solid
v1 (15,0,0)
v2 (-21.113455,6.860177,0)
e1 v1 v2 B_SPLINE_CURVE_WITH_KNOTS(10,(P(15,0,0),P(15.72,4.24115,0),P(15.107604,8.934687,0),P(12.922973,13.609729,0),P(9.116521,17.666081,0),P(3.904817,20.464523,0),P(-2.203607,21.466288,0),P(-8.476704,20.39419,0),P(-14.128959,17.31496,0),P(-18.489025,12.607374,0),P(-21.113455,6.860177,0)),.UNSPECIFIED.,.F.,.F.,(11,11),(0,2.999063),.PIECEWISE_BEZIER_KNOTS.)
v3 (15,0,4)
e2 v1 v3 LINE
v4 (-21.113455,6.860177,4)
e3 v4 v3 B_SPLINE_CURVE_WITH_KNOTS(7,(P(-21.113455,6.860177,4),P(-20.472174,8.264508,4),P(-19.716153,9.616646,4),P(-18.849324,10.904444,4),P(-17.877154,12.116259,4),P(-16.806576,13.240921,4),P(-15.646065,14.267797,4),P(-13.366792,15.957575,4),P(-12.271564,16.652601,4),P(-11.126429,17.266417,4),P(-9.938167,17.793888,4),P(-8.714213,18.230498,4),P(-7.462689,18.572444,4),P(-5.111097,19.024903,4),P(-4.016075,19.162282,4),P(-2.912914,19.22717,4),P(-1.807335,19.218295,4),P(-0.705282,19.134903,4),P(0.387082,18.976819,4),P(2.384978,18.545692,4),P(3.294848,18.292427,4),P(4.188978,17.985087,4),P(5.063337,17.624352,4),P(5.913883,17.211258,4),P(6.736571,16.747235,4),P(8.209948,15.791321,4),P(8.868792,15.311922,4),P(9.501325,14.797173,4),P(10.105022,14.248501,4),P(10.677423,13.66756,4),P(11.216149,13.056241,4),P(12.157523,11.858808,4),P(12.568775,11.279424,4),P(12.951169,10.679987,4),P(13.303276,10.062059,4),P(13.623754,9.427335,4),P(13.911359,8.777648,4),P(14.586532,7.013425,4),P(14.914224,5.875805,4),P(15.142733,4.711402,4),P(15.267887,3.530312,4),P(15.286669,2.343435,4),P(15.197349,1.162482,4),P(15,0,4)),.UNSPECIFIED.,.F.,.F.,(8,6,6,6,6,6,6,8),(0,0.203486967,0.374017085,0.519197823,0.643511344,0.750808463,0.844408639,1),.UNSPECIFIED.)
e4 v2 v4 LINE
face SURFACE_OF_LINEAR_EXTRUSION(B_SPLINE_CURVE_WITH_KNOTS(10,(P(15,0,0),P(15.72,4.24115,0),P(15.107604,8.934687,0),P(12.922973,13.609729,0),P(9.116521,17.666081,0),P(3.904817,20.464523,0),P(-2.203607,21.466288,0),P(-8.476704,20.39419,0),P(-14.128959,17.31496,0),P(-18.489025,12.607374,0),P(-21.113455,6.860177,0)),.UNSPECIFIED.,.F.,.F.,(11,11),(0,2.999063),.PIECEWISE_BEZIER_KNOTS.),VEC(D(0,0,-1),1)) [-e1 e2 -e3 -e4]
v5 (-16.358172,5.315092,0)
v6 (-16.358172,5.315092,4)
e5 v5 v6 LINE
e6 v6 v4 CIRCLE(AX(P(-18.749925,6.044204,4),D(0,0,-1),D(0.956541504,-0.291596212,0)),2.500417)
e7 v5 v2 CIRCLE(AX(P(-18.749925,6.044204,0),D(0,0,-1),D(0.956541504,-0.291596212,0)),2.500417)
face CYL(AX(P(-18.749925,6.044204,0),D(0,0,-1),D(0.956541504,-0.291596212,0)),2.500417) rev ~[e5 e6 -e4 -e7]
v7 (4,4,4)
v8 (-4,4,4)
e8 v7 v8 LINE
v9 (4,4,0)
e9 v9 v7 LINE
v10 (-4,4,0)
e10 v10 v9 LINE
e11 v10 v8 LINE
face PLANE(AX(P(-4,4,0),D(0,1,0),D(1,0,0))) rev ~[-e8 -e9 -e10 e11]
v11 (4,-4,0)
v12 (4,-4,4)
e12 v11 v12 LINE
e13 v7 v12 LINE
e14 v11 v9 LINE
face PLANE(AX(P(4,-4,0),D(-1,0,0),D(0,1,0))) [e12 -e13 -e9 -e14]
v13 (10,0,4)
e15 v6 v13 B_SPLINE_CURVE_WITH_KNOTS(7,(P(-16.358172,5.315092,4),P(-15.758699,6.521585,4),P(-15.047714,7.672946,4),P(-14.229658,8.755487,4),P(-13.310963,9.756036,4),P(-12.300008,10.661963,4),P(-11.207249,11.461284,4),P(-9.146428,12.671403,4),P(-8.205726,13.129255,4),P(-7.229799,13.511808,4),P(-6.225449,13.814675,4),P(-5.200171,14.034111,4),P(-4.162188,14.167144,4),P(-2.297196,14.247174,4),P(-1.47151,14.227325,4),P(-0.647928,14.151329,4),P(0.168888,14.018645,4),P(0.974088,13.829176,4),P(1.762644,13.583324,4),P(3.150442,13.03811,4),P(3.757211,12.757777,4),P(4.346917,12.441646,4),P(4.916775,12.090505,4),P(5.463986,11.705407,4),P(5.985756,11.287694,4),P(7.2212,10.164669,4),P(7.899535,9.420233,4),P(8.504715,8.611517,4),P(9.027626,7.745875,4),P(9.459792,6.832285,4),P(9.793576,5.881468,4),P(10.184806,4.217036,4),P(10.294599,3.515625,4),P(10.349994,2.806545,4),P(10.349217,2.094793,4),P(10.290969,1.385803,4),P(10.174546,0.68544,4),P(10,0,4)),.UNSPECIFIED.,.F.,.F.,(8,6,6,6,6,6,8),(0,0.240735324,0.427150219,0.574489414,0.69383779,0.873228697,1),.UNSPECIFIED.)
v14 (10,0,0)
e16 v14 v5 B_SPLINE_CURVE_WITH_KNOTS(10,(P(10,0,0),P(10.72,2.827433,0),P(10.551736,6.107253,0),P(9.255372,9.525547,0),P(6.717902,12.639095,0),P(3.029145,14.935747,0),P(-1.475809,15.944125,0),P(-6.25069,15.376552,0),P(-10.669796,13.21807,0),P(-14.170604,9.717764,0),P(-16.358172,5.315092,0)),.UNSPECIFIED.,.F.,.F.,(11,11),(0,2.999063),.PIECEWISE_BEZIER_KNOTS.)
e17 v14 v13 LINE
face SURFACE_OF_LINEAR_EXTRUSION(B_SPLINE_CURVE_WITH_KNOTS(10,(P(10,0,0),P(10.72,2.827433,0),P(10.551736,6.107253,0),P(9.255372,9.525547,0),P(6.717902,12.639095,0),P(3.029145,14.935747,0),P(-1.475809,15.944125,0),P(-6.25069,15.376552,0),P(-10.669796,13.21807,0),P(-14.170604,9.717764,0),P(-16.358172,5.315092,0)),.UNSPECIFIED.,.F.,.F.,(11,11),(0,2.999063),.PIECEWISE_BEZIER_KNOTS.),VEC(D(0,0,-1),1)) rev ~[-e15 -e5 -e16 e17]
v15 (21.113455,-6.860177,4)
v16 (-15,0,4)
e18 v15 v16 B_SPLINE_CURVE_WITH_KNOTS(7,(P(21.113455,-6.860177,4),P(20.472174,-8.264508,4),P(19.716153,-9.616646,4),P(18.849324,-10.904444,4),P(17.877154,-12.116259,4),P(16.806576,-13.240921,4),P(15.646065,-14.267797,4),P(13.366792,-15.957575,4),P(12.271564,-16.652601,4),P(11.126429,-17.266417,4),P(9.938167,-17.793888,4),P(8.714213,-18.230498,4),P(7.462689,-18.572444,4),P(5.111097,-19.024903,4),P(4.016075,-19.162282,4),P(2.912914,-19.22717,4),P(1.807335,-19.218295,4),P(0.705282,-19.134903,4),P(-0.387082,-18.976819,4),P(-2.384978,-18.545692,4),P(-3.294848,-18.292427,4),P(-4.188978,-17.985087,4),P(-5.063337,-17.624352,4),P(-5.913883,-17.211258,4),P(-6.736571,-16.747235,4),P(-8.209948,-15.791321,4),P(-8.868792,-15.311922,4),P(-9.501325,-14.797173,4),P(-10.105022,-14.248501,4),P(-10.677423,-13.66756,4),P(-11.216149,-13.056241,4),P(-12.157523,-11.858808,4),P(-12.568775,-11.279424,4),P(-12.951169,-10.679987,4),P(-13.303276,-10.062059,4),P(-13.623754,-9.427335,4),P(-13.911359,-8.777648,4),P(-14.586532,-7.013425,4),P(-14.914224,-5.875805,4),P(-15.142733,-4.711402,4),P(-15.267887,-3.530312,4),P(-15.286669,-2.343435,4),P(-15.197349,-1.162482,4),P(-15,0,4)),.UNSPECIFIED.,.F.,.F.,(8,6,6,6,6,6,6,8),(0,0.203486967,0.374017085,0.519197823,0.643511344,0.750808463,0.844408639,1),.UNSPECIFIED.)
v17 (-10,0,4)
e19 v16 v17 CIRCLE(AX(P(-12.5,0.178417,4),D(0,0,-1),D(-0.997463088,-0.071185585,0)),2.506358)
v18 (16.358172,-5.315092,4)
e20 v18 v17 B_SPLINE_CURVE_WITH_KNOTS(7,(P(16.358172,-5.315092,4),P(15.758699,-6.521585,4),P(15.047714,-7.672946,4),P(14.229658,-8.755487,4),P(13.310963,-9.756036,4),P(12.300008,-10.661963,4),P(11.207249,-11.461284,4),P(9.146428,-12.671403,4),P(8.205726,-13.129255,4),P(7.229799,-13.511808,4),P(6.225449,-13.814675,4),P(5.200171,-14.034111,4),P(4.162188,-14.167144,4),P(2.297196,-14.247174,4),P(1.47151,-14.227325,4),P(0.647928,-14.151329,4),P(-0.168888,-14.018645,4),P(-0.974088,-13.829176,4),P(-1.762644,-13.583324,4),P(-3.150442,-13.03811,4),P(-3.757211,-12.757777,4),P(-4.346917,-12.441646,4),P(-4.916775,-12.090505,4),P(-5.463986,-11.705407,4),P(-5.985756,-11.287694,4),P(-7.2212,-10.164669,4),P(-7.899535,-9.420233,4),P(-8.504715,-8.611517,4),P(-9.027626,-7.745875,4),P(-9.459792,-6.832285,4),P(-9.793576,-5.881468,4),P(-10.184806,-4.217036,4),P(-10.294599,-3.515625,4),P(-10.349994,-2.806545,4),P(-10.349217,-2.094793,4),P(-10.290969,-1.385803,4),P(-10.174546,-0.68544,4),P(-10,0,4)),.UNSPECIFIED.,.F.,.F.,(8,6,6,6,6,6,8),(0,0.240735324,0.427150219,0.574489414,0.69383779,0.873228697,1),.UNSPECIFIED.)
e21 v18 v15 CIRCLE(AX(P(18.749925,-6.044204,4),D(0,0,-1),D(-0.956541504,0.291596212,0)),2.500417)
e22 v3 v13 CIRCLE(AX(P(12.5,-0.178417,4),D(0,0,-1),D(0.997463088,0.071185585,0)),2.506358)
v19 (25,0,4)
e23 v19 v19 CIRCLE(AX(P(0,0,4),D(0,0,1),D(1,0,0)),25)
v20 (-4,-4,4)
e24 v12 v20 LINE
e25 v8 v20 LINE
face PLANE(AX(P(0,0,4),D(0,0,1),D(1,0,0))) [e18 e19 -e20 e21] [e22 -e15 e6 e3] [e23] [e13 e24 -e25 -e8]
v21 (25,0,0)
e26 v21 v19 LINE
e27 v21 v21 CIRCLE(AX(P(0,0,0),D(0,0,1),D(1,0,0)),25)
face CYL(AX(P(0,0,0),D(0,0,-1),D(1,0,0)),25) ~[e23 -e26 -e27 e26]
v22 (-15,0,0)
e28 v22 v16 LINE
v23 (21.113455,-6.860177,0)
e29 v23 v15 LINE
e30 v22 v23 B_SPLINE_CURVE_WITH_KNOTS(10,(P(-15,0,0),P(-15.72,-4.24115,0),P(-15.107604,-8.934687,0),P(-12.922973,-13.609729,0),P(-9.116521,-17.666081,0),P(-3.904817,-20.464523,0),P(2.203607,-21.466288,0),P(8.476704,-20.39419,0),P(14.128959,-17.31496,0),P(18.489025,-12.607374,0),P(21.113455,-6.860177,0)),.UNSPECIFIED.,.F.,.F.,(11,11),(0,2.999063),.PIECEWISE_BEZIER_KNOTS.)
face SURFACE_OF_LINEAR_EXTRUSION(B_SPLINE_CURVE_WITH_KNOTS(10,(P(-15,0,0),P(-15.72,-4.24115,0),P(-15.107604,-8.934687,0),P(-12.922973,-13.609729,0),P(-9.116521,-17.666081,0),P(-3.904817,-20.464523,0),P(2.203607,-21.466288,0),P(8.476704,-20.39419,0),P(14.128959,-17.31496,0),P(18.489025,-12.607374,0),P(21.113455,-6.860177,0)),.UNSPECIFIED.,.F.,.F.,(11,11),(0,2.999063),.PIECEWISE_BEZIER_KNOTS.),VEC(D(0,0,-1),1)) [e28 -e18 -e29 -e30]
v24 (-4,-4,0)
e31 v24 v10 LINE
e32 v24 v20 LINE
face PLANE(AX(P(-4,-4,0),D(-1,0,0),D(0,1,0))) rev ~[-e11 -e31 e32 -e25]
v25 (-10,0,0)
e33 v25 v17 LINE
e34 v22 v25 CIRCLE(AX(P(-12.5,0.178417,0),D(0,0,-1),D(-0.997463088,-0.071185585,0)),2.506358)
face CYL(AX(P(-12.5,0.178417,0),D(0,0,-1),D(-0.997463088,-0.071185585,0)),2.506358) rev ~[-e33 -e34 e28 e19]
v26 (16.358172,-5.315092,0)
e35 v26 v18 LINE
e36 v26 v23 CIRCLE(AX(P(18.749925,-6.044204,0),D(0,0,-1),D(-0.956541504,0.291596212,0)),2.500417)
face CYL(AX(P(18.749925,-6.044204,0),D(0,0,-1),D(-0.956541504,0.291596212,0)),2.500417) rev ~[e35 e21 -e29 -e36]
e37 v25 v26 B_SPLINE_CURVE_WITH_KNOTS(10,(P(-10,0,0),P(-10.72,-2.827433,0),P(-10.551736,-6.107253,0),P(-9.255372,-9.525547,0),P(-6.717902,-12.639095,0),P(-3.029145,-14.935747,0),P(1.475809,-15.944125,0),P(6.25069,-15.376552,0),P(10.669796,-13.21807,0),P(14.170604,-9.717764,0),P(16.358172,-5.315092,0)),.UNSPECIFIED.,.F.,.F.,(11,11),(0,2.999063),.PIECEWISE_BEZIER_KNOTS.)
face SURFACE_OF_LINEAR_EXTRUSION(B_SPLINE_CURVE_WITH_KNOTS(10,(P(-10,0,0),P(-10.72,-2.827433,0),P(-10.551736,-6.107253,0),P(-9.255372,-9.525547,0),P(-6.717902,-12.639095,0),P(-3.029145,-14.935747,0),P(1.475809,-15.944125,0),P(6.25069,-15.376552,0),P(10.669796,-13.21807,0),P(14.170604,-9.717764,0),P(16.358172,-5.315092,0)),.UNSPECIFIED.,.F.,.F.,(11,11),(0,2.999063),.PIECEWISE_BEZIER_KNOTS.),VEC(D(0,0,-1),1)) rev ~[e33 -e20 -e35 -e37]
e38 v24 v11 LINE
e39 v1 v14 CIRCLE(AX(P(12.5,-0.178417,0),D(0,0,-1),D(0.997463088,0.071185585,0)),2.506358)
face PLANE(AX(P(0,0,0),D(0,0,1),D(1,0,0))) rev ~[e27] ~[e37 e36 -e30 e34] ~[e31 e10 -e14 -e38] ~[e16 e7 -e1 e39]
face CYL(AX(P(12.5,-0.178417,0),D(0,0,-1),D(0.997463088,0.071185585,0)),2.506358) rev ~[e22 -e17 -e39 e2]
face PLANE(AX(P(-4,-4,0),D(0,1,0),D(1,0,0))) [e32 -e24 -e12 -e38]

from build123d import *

# Parameters (mm, degrees)
SKETCH_R        = 25
PAD_DEPTH       = 4
POCKET_DEPTH    = 5
SKETCH009_W     = 8
SKETCH009_H     = 8
POCKET001_DEPTH = 5


with BuildPart() as part:
    # Sketch → Pad (new body)
    with BuildSketch(Plane.XY):
        Circle(SKETCH_R)
    extrude(amount=PAD_DEPTH)

    # Sketch008 → Pocket (cut)
    with BuildSketch(Plane(origin=(0, 0, 0), x_dir=(-1, 0, 0), z_dir=(0, 0, 1))):
        with BuildLine():
            add(Edge.make_bspline(
                [(10, 0), (10.72, 2.827433), (10.551736, 6.107253), (9.255372, 9.525547), (6.717902, 12.639095), (3.029145, 14.935747), (-1.475809, 15.944125), (-6.25069, 15.376552), (-10.669796, 13.21807), (-14.170604, 9.717764), (-16.358172, 5.315092)],
                knots=[0, 0, 0, 0, 0, 0, 0, 0, 0, 0, 0, 2.999063, 2.999063, 2.999063, 2.999063, 2.999063, 2.999063, 2.999063, 2.999063, 2.999063, 2.999063, 2.999063], degree=10))
            ThreePointArc((-16.358172, 5.315092), (-19.522596, 3.666166), (-21.113455, 6.860177))
            add(Edge.make_bspline(
                [(15, 0), (15.72, 4.24115), (15.107604, 8.934687), (12.922973, 13.609729), (9.116521, 17.666081), (3.904817, 20.464523), (-2.203607, 21.466288), (-8.476704, 20.39419), (-14.128959, 17.31496), (-18.489025, 12.607374), (-21.113455, 6.860177)],
                knots=[0, 0, 0, 0, 0, 0, 0, 0, 0, 0, 0, 2.999063, 2.999063, 2.999063, 2.999063, 2.999063, 2.999063, 2.999063, 2.999063, 2.999063, 2.999063, 2.999063], degree=10))
            ThreePointArc((15, 0), (12.5, -2.684775), (10, 0))
        make_face()
    extrude(amount=POCKET_DEPTH, mode=Mode.SUBTRACT)

    # Sketch009 → Pocket001 (cut)
    with BuildSketch(Plane.XY):
        with BuildLine():
            add(Edge.make_bspline(
                [(10, 0), (10.72, 2.827433), (10.551736, 6.107253), (9.255372, 9.525547), (6.717902, 12.639095), (3.029145, 14.935747), (-1.475809, 15.944125), (-6.25069, 15.376552), (-10.669796, 13.21807), (-14.170604, 9.717764), (-16.358172, 5.315092)],
                knots=[0, 0, 0, 0, 0, 0, 0, 0, 0, 0, 0, 2.999063, 2.999063, 2.999063, 2.999063, 2.999063, 2.999063, 2.999063, 2.999063, 2.999063, 2.999063, 2.999063], degree=10))
            ThreePointArc((-16.358172, 5.315092), (-19.522596, 3.666166), (-21.113455, 6.860177))
            add(Edge.make_bspline(
                [(15, 0), (15.72, 4.24115), (15.107604, 8.934687), (12.922973, 13.609729), (9.116521, 17.666081), (3.904817, 20.464523), (-2.203607, 21.466288), (-8.476704, 20.39419), (-14.128959, 17.31496), (-18.489025, 12.607374), (-21.113455, 6.860177)],
                knots=[0, 0, 0, 0, 0, 0, 0, 0, 0, 0, 0, 2.999063, 2.999063, 2.999063, 2.999063, 2.999063, 2.999063, 2.999063, 2.999063, 2.999063, 2.999063, 2.999063], degree=10))
            ThreePointArc((15, 0), (12.5, -2.684775), (10, 0))
        make_face()
        Rectangle(SKETCH009_W, SKETCH009_H)
    extrude(amount=POCKET001_DEPTH, mode=Mode.SUBTRACT)


solid = part.part
